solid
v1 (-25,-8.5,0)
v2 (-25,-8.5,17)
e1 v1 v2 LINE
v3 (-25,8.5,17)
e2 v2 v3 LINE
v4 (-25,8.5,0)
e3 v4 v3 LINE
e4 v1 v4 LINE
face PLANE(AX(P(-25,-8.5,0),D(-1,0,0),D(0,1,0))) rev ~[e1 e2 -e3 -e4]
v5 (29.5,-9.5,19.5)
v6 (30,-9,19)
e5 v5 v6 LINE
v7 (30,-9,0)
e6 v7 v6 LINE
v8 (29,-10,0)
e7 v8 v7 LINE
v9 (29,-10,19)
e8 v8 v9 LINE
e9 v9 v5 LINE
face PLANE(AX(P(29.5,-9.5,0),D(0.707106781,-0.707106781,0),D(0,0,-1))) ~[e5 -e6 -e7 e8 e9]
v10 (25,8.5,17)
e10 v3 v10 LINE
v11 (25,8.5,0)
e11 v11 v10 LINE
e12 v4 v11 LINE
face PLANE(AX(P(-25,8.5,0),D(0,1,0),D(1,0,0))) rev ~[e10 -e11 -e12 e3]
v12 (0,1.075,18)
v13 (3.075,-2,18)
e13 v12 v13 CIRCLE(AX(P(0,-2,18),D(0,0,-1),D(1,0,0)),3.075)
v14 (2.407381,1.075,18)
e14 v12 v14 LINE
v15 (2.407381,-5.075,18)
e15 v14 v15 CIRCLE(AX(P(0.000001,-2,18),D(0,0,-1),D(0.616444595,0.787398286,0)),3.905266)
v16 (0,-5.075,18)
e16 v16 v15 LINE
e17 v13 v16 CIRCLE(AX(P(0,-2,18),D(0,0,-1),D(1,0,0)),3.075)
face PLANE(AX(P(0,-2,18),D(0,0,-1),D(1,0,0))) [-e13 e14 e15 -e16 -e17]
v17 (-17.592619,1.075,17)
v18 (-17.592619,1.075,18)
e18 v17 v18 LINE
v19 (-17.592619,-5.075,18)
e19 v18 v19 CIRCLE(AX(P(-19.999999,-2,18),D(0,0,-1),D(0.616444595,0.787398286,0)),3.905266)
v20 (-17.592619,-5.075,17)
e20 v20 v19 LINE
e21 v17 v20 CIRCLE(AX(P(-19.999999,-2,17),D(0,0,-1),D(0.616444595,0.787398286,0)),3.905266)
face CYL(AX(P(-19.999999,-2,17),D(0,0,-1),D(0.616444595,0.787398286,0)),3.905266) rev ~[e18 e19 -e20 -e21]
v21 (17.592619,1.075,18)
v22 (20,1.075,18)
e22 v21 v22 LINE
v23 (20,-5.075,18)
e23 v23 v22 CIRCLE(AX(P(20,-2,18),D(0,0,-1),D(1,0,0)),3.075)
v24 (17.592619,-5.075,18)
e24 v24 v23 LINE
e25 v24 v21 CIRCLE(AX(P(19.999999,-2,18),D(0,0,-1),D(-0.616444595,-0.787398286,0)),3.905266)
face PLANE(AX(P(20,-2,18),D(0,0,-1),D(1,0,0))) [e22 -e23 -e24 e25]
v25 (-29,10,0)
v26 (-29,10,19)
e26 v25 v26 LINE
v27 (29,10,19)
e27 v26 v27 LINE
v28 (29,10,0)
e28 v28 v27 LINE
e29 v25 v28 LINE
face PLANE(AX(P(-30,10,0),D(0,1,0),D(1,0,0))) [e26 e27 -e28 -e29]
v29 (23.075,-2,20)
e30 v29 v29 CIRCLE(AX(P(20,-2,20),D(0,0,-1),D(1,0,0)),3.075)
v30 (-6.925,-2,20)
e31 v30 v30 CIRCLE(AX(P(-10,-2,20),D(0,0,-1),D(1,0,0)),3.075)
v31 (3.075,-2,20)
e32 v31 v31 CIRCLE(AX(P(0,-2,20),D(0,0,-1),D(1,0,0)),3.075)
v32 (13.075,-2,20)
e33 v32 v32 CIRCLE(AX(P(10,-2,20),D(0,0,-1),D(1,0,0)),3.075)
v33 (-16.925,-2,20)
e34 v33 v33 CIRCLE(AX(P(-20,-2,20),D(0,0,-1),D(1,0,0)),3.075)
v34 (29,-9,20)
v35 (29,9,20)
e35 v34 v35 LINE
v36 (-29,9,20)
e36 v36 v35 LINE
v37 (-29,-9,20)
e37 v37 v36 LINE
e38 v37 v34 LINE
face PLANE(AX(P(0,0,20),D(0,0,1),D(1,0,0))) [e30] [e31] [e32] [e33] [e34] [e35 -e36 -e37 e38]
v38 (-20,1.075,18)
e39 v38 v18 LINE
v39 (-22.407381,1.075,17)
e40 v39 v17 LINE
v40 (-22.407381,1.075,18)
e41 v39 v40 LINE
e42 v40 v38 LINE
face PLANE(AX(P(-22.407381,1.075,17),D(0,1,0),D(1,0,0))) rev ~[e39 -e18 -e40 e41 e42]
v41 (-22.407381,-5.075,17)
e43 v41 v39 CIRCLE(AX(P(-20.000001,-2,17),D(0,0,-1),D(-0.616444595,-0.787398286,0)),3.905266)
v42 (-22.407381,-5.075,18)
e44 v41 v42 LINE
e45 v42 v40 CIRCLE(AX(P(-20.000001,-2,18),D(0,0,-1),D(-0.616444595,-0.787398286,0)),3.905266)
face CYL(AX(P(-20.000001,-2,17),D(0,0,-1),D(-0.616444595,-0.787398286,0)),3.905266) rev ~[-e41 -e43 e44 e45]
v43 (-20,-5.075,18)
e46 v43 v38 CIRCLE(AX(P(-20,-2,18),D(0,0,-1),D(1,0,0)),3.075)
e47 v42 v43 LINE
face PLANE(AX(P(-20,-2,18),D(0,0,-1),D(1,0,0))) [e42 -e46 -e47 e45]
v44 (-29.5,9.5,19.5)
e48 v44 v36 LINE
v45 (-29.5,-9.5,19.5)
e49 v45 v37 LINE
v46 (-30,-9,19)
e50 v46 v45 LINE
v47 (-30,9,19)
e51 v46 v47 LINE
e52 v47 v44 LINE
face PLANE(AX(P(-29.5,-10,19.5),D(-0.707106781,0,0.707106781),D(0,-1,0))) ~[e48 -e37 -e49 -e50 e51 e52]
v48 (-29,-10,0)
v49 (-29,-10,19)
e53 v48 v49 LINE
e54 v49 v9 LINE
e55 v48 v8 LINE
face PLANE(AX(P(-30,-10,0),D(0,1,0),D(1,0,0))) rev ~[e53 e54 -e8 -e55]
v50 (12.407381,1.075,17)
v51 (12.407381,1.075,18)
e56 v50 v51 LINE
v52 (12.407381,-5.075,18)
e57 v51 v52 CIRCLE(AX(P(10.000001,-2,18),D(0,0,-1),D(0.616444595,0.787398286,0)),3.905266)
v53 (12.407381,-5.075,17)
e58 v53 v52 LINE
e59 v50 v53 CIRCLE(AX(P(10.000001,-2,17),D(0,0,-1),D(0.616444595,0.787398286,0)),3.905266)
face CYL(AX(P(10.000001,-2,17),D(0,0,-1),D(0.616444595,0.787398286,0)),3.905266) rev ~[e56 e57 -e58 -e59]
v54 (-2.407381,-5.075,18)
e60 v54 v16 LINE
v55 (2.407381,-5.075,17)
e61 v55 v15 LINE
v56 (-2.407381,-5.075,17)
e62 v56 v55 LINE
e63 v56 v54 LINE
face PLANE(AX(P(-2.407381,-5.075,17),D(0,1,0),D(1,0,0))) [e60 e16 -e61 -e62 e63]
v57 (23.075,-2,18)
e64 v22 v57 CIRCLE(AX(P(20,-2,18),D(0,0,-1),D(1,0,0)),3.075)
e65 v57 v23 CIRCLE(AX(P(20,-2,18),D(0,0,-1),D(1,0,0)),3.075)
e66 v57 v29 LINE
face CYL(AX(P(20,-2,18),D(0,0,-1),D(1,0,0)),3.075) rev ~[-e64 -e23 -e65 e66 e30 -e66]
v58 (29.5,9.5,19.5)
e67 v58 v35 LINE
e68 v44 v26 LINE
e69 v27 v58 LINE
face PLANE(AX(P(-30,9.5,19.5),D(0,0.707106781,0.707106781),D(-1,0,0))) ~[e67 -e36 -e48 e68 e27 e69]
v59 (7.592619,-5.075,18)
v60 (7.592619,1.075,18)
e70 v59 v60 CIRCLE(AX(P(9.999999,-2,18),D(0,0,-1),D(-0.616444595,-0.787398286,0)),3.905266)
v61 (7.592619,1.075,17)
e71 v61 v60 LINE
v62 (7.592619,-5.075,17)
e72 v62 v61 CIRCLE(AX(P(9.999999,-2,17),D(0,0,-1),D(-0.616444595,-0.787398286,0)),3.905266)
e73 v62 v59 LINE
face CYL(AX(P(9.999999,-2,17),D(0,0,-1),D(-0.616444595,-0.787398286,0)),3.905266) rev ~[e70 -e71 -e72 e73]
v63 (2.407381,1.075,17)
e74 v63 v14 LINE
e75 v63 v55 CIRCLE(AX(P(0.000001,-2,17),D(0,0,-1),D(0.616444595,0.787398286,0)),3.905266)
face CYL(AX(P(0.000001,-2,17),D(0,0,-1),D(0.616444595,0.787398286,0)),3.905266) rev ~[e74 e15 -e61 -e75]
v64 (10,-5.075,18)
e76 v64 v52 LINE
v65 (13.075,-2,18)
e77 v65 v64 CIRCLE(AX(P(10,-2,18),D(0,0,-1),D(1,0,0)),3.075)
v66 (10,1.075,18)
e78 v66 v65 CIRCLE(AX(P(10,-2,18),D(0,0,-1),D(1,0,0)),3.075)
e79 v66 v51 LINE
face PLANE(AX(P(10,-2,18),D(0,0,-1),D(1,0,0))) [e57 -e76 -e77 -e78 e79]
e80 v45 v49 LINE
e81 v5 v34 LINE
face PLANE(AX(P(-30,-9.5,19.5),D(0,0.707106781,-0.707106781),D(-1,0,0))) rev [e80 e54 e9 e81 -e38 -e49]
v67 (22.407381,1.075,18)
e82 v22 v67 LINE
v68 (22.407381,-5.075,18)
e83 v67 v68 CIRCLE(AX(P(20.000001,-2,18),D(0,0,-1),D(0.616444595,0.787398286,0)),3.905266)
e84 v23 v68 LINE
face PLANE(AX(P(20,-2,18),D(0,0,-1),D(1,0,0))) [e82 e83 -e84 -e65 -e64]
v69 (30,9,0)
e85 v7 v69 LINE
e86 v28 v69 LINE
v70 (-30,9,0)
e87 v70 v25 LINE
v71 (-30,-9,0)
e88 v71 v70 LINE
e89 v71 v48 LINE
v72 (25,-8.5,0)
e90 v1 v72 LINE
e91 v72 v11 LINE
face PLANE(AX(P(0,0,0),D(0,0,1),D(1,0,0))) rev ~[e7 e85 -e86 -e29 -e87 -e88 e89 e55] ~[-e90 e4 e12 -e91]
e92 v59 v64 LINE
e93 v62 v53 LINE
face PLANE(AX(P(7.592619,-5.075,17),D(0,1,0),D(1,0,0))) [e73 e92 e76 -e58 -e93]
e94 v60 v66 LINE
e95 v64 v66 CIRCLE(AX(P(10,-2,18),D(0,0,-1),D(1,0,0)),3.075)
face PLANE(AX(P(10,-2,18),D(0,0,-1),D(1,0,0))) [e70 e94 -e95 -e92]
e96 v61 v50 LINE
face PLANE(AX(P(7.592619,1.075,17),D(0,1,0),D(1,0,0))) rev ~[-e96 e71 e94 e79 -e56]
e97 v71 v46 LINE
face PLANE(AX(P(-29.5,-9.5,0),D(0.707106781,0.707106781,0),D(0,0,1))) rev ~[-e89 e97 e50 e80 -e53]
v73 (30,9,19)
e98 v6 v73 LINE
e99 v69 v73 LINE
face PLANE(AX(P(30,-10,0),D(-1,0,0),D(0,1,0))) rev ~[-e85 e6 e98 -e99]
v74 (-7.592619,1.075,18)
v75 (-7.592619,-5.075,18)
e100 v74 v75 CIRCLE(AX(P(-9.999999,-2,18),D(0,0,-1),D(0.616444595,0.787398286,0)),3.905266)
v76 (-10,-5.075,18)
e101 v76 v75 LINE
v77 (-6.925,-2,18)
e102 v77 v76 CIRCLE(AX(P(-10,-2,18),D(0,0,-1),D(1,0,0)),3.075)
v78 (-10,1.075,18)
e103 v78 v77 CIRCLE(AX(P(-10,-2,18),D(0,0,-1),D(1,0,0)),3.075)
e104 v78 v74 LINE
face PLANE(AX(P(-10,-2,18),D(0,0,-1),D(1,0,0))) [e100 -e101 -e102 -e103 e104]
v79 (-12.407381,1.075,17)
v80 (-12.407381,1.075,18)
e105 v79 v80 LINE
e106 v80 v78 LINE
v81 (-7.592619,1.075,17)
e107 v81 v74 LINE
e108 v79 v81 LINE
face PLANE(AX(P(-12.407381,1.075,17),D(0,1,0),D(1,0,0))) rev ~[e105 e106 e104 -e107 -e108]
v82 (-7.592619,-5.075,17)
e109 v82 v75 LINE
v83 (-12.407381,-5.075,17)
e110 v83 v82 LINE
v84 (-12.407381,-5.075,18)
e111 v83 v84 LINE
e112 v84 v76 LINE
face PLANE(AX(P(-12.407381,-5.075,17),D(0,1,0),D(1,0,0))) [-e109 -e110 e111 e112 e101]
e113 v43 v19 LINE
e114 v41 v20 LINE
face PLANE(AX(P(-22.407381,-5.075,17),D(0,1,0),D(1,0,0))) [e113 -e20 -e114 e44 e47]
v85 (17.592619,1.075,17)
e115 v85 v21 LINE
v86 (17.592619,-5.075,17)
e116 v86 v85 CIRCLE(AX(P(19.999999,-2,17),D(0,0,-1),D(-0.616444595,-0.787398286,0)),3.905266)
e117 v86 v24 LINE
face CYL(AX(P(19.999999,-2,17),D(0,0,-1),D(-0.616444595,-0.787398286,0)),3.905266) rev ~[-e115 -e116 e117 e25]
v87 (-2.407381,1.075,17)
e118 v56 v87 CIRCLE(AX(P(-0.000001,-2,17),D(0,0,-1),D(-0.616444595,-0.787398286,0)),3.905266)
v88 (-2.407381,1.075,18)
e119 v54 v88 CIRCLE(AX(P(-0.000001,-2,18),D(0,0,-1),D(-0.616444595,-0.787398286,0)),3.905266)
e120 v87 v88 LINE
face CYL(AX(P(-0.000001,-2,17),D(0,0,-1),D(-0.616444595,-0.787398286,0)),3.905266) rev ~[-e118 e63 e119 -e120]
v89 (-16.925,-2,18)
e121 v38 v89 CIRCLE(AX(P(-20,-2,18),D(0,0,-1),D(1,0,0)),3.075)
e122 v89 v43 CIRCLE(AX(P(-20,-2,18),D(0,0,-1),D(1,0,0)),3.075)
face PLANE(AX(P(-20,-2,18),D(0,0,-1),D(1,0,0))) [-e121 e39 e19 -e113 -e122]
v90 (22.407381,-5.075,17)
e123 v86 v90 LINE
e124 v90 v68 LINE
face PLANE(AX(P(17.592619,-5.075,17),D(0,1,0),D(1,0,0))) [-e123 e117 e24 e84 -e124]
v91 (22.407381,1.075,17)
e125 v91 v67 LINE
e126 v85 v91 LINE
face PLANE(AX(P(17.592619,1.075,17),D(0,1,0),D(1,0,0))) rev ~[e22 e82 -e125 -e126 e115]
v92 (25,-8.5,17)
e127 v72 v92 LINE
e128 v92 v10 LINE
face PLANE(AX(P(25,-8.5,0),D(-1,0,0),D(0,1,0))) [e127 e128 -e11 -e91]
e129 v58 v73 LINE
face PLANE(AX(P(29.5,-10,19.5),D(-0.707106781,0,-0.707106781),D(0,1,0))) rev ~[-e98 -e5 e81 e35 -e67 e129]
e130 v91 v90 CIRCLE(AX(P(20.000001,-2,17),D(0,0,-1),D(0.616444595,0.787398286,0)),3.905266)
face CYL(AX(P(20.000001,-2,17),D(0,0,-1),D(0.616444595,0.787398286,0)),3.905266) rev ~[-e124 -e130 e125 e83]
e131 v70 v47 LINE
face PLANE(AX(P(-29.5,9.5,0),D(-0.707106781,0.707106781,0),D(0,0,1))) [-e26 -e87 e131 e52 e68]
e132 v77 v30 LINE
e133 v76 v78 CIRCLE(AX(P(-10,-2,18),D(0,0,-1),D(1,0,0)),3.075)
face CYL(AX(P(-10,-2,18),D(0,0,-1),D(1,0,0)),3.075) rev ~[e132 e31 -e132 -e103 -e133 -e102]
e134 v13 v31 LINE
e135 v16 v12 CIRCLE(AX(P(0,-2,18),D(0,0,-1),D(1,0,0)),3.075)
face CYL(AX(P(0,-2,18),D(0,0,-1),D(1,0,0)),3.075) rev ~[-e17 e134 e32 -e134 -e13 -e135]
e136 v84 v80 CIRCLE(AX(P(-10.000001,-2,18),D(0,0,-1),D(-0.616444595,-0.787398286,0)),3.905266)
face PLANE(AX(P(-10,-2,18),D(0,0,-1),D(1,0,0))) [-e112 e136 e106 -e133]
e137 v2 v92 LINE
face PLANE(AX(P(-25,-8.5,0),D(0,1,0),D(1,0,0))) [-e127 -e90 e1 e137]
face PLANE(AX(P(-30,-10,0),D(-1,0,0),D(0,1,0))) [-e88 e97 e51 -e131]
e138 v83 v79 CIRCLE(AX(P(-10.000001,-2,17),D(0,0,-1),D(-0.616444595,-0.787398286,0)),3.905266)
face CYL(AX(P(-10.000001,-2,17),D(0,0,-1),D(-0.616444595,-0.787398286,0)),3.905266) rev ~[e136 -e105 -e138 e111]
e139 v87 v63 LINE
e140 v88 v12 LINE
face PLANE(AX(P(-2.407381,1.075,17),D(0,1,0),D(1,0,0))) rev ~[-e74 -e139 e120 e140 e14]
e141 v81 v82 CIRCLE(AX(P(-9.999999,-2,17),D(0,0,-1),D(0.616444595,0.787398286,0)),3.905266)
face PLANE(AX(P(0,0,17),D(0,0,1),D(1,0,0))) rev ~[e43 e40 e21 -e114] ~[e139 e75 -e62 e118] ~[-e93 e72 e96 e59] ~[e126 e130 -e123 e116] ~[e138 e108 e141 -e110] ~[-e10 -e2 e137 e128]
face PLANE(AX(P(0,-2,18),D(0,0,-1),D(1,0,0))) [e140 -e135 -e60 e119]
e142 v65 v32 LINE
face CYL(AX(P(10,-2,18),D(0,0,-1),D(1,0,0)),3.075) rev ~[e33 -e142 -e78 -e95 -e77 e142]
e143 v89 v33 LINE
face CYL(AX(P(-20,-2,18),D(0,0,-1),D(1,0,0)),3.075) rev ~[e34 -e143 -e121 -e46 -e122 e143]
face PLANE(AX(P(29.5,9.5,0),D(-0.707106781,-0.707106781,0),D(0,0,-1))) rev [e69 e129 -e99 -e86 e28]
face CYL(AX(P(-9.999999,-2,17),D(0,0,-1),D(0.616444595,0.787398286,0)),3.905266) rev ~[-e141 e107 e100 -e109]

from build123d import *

# Parameters (mm, degrees)
SKETCH001_W            = 60
SKETCH001_H            = 20
PAD_DEPTH              = 20
SKETCH002_W            = 50
SKETCH002_H            = 17
POCKET_DEPTH           = 17
POCKET001_DEPTH        = 1
LINEARPATTERN_COUNT    = 5
LINEARPATTERN_PITCH    = 10
SKETCH004_R            = 3.075
POCKET002_DEPTH        = 2.001
LINEARPATTERN001_COUNT = 5
LINEARPATTERN001_PITCH = 10
CHAMFER_SIZE           = 1
CHAMFER001_SIZE        = 1


with BuildPart() as part:
    # Sketch001 → Pad (new body)
    with BuildSketch(Plane.XY):
        Rectangle(SKETCH001_W, SKETCH001_H)
    extrude(amount=PAD_DEPTH)

    # Sketch002 → Pocket (cut)
    with BuildSketch(Plane.XY):
        Rectangle(SKETCH002_W, SKETCH002_H)
    extrude(amount=POCKET_DEPTH, mode=Mode.SUBTRACT)

    # Sketch003 (on Face11 of Pocket) → Pocket001 (cut)
    with BuildSketch(Plane(origin=(0, 0, 17), x_dir=(1, 0, 0), z_dir=(0, 0, -1))):
        with BuildLine():
            ThreePointArc((-22.407381, 5.075), (-23.905267, 2), (-22.407381, -1.075))
            Line((-22.407381, -1.075), (-17.592619, -1.075))
            ThreePointArc((-17.592619, -1.075), (-16.094733, 2), (-17.592619, 5.075))
            Line((-22.407381, 5.075), (-17.592619, 5.075))
        make_face()
    pocket001 = extrude(amount=-POCKET001_DEPTH, mode=Mode.SUBTRACT)

    # LinearPattern: Pocket001 ×5
    with Locations(*[(i * LINEARPATTERN_PITCH, 0, 0) for i in range(1, LINEARPATTERN_COUNT)]):
        add(pocket001, mode=Mode.SUBTRACT)

    # Sketch004 (on Face16 of Pocket001) → Pocket002 (cut, through all)
    with BuildSketch(Plane(origin=(0, 0, 18), x_dir=(1, 0, 0), z_dir=(0, 0, -1))):
        with Locations((-20, 2)):
            Circle(SKETCH004_R)
    pocket002 = extrude(amount=-POCKET002_DEPTH, mode=Mode.SUBTRACT)

    # LinearPattern001: Pocket002 ×5
    with Locations(*[(i * LINEARPATTERN001_PITCH, 0, 0) for i in range(1, LINEARPATTERN001_COUNT)]):
        add(pocket002, mode=Mode.SUBTRACT)

    # Chamfer
    chamfer_edges = [part.edges().sort_by_distance(p)[0] for p in [
        (0, 10, 20),
        (-30, 0, 20),
        (0, -10, 20),
        (30, 0, 20),
    ]]
    chamfer(chamfer_edges, length=CHAMFER_SIZE)

    # Chamfer001
    chamfer001_edges = [part.edges().sort_by_distance(p)[0] for p in [
        (-30, -10, 9.5),
        (-30, 10, 9.5),
        (30, -10, 9.5),
        (30, 10, 9.5),
    ]]
    chamfer(chamfer001_edges, length=CHAMFER001_SIZE)


solid = part.part
